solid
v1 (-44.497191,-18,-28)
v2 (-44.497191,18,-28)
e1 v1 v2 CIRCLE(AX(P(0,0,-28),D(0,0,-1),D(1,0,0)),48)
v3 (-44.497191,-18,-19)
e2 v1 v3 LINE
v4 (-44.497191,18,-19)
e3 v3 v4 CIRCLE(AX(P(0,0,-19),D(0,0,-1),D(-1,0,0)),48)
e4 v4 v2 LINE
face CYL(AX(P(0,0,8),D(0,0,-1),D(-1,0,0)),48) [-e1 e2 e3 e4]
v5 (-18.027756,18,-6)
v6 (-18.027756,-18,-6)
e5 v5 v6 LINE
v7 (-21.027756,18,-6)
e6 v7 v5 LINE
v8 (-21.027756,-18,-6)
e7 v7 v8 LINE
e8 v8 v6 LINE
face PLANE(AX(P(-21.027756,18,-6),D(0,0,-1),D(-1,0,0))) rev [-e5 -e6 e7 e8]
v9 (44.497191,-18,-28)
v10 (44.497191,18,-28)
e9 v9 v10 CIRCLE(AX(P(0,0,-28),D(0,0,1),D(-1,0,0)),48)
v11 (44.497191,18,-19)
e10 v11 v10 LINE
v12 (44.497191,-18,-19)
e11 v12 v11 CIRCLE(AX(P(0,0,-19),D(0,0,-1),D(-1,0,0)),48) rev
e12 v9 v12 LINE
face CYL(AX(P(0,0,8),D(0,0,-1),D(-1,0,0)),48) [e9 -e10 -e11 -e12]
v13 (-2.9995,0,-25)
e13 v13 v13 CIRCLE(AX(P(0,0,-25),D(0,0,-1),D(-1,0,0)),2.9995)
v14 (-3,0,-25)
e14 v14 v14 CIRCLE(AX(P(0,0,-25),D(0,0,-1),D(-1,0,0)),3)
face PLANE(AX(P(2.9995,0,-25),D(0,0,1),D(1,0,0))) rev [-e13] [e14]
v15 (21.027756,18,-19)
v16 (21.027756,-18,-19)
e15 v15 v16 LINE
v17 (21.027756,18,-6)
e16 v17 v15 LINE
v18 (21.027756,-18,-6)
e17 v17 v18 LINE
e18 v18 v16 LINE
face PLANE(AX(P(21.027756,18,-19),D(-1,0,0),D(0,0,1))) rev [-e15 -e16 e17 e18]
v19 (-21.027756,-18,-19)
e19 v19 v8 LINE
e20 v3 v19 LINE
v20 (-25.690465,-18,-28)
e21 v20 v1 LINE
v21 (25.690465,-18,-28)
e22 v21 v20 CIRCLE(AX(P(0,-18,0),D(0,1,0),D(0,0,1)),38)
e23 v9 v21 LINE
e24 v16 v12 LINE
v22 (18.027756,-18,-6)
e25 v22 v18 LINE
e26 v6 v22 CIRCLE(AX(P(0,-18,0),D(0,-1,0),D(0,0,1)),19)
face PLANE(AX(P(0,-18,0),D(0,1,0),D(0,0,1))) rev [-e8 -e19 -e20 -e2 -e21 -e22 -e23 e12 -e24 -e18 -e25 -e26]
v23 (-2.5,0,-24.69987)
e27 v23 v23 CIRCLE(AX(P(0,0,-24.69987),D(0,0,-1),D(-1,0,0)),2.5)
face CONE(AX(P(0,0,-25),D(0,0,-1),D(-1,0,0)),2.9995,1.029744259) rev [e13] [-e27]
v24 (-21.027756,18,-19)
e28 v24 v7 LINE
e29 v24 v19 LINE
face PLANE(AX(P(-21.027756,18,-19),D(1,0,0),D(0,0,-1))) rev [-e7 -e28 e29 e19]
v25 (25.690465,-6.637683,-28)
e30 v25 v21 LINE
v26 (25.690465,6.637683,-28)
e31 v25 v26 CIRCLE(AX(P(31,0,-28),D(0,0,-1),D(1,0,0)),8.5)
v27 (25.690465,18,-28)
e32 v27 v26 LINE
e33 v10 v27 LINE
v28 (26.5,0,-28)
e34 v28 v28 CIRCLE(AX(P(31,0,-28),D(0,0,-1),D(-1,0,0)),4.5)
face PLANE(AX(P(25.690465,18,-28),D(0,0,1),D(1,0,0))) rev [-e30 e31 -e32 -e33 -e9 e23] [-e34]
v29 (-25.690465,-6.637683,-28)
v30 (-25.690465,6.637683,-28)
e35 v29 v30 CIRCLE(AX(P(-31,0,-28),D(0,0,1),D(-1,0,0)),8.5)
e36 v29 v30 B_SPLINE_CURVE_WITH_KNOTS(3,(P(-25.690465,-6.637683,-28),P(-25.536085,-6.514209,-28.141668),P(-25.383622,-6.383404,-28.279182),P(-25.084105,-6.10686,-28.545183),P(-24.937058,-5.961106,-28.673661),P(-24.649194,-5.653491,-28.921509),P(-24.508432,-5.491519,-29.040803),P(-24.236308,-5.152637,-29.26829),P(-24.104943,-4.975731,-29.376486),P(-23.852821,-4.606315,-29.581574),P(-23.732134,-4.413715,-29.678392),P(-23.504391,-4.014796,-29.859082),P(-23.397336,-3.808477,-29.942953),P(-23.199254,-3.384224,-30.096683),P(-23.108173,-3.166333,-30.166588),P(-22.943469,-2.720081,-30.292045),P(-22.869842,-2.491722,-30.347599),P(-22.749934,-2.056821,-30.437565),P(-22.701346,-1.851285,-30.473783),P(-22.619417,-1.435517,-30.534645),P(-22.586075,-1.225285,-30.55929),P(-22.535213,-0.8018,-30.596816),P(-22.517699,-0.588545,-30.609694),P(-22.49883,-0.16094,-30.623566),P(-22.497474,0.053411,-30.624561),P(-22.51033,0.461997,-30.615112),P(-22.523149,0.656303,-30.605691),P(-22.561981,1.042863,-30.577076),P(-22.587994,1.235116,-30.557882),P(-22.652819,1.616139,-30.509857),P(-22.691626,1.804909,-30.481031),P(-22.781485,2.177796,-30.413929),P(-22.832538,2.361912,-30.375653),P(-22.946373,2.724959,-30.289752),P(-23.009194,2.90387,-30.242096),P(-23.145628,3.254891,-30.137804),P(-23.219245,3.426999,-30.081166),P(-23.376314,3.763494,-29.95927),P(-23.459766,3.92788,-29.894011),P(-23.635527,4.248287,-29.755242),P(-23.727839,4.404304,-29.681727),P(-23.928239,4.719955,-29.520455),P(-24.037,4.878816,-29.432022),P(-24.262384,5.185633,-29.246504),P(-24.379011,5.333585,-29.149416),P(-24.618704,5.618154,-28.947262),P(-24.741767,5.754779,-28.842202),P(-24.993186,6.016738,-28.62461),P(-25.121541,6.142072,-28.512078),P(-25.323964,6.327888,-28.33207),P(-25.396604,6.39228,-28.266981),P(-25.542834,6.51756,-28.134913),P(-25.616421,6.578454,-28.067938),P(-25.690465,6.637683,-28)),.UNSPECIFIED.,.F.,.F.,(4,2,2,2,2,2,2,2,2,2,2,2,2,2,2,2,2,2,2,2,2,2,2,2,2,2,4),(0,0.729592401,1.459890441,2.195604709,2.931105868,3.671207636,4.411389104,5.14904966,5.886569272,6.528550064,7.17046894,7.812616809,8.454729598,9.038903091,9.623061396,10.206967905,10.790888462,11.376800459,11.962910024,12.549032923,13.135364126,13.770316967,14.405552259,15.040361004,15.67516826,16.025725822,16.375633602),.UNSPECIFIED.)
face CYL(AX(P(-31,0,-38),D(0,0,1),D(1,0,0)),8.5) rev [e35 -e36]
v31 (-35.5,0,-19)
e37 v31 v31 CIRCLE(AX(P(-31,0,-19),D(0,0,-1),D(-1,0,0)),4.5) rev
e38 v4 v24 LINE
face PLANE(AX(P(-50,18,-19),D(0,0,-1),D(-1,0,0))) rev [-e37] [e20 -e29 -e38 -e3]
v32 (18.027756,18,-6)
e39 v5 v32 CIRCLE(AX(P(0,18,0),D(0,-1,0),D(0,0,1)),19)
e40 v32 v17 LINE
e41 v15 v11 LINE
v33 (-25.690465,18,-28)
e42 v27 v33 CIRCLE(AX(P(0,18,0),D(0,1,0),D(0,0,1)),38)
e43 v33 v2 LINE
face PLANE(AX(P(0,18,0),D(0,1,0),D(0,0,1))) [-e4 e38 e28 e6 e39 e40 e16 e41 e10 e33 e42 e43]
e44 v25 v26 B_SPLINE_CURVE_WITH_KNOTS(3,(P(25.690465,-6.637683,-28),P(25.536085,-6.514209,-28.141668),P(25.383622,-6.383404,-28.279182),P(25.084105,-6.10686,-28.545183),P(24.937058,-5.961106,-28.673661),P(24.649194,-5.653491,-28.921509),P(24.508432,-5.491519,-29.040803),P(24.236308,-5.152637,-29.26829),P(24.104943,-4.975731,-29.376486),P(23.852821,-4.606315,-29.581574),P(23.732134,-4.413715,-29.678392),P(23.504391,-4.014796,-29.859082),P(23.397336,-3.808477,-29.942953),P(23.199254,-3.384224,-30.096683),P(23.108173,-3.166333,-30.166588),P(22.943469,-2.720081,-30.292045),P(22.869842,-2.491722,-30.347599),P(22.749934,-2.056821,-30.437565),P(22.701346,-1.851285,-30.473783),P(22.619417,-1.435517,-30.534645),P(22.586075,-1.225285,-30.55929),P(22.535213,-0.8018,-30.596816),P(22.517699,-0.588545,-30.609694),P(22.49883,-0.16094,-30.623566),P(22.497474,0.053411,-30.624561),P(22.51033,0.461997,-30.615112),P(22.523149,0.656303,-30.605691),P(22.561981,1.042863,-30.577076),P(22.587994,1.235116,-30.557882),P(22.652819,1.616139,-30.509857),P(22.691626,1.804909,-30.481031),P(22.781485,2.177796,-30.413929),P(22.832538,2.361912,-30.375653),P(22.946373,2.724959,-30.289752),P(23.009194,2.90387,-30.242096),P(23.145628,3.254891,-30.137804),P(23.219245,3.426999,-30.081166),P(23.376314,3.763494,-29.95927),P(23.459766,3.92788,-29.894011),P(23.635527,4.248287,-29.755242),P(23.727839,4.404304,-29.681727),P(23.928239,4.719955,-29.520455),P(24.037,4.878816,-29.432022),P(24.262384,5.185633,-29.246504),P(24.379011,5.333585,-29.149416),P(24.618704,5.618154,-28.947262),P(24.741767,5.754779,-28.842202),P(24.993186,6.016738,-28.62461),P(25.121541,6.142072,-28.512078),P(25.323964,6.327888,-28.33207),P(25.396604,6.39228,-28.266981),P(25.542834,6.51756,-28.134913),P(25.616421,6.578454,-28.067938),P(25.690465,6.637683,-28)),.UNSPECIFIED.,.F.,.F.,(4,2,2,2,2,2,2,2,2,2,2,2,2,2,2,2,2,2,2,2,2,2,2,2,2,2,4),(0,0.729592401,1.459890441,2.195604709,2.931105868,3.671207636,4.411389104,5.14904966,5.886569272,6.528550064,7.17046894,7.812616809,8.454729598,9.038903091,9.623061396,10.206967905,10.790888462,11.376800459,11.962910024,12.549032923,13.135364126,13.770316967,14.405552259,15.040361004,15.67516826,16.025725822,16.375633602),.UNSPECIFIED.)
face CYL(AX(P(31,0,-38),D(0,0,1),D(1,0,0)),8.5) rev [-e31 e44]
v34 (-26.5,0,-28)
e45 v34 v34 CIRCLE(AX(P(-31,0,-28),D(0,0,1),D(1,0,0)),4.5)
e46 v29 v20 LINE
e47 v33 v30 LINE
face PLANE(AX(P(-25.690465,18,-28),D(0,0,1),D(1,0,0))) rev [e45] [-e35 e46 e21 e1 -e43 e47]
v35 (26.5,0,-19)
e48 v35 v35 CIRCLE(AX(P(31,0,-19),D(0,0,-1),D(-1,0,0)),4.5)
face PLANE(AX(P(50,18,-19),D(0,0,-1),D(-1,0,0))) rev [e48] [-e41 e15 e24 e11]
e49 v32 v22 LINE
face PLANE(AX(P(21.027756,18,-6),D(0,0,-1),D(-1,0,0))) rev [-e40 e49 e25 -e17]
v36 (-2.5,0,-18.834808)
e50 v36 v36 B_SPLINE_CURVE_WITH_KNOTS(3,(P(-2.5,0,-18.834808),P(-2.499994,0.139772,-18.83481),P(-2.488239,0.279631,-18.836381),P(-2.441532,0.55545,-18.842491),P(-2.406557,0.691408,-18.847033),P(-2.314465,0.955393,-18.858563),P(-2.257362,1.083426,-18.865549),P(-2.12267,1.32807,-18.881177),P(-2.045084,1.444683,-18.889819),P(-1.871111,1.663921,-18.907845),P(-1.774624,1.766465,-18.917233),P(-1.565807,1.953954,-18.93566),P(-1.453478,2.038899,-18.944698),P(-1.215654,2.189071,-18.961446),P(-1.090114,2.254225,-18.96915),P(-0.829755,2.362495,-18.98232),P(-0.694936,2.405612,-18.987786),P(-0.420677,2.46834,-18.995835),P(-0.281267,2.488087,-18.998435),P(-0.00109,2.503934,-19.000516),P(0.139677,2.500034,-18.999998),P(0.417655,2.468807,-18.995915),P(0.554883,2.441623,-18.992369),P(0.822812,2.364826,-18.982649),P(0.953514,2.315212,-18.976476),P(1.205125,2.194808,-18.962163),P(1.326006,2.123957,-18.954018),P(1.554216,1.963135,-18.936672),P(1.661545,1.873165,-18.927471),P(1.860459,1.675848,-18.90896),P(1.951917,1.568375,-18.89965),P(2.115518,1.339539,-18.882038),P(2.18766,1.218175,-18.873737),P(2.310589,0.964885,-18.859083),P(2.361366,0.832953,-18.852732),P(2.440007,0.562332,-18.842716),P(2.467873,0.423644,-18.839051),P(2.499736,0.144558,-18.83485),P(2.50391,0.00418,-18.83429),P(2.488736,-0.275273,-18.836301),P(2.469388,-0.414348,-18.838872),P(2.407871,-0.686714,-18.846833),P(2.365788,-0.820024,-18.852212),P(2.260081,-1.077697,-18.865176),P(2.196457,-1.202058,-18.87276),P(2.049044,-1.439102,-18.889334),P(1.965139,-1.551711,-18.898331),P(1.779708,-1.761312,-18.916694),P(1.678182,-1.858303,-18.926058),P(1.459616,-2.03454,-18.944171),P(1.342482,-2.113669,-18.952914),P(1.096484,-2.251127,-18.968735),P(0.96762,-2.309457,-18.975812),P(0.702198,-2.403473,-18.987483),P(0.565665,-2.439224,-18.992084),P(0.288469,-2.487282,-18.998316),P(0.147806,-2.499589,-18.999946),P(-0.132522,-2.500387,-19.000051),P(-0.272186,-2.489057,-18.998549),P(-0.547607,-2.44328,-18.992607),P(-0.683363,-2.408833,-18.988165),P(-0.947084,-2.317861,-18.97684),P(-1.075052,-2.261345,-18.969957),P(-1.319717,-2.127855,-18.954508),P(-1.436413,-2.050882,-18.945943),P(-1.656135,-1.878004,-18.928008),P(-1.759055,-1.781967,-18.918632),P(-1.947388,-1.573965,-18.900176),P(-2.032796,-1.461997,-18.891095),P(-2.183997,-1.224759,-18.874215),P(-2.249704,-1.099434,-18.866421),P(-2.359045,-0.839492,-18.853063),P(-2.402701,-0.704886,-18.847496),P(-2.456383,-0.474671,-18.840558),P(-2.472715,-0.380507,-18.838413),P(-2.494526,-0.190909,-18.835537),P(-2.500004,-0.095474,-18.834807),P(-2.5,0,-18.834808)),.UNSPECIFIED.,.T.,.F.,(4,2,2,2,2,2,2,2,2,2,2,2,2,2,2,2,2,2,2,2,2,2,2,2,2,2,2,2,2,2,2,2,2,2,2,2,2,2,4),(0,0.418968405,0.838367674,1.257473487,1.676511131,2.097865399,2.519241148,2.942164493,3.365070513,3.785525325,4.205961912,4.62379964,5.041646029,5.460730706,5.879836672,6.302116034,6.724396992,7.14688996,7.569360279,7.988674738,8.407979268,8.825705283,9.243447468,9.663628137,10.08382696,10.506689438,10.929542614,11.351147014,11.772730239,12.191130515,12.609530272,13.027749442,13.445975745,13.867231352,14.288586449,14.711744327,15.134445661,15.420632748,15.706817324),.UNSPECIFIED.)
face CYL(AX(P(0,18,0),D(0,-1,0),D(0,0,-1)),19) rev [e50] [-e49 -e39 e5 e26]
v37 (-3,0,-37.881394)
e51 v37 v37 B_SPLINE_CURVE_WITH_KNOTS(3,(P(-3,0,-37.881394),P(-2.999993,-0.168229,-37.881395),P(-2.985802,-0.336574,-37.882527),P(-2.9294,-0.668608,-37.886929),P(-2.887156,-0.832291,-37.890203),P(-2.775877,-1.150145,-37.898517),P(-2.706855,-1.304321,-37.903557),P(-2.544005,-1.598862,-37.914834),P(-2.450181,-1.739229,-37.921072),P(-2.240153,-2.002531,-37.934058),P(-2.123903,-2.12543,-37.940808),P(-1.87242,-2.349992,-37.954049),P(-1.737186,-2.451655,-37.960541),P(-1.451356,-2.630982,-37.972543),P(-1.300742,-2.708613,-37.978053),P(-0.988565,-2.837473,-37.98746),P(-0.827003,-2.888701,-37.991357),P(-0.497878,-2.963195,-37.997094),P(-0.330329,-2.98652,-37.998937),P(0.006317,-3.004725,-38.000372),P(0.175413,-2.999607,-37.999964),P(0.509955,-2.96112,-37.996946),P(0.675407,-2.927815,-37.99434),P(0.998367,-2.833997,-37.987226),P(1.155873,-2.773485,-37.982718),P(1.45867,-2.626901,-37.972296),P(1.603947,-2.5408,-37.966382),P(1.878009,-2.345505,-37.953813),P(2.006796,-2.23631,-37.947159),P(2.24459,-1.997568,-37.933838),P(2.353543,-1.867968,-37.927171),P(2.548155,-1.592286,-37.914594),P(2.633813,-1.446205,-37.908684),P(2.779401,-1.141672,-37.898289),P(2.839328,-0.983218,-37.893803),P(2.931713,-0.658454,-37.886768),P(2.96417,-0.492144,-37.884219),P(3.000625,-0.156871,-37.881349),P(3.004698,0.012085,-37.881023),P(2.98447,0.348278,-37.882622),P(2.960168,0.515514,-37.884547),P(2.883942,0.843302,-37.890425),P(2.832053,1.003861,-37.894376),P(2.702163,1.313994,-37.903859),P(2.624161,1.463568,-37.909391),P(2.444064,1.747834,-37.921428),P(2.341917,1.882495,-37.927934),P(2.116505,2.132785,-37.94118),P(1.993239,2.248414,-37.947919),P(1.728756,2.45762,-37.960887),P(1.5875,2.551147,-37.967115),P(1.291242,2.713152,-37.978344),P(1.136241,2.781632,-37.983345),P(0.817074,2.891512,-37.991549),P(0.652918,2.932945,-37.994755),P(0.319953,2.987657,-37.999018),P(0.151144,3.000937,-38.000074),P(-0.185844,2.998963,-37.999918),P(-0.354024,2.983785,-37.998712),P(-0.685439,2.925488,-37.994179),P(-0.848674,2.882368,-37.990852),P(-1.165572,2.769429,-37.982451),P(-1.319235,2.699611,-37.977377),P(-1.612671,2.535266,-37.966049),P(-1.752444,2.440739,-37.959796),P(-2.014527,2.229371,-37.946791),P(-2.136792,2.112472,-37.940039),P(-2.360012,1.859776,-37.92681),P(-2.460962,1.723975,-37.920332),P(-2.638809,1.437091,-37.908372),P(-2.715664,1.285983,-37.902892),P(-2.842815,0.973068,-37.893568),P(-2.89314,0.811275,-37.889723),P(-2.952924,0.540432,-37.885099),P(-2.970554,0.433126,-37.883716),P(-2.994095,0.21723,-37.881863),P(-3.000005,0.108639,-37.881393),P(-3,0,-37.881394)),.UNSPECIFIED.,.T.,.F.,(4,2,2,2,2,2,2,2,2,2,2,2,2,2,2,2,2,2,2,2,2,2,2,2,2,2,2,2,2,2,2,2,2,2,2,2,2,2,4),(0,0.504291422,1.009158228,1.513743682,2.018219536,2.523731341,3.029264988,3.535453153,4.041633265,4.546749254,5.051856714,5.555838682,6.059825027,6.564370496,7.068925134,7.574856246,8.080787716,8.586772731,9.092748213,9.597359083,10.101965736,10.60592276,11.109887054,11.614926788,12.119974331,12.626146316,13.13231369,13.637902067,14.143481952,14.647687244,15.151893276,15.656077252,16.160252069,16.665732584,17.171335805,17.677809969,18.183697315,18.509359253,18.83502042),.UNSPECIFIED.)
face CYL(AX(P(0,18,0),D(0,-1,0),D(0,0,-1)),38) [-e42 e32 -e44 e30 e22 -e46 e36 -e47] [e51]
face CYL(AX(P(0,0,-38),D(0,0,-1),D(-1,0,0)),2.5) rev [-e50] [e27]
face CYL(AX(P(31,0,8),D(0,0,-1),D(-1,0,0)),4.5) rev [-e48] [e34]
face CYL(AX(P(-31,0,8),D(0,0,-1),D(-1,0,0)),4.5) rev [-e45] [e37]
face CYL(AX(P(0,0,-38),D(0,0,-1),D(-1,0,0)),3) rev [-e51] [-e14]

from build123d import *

# Parameters (mm, degrees)
BOSS_EXTRUDE1_DEPTH = 18
CUT_EXTRUDE1_DEPTH  = 36
SKETCH7_R           = 4.5
CUT_EXTRUDE3_DEPTH  = 36
CUT_EXTRUDE4_DEPTH  = 11


with BuildPart() as part:
    # Sketch2 → Boss-Extrude1 (new body, symmetric)
    with BuildSketch(Plane(origin=(0, 0, 0), x_dir=(1, 0, 0), z_dir=(0, 1, 0))):
        with BuildLine():
            Line((-25.690465157, 28), (-50, 28))
            Line((-50, 28), (-50, 19))
            Line((-50, 19), (-21.027756377, 19))
            Line((-21.027756377, 19), (-21.027756377, 6))
            Line((-21.027756377, 6), (-18.027756377, 6))
            ThreePointArc((-18.027756377, 6), (0, 19), (18.027756377, 6))
            Line((18.027756377, 6), (21.027756377, 6))
            Line((21.027756377, 6), (21.027756377, 19))
            Line((21.027756377, 19), (50, 19))
            Line((50, 19), (50, 28))
            Line((50, 28), (25.690465157, 28))
            ThreePointArc((25.690465157, 28), (0, 38), (-25.690465157, 28))
        make_face()
    extrude(amount=BOSS_EXTRUDE1_DEPTH, both=True)

    # Sketch4 → Cut-Extrude1 (cut)
    with BuildSketch(Plane(origin=(0, 0, -28), x_dir=(-1, 0, 0), z_dir=(0, 0, -1))):
        with BuildLine():
            Line((-50, -18), (-44.497190923, -18))
            ThreePointArc((-44.497190923, -18), (-48, 0), (-44.497190923, 18))
            Line((-44.497190923, 18), (-50, 18))
            Line((-50, 18), (-50, -18))
        make_face()
    cut_extrude1 = extrude(amount=-CUT_EXTRUDE1_DEPTH, mode=Mode.SUBTRACT)

    # Mirror1: Cut-Extrude1 across plane
    add(cut_extrude1.mirror(Plane(origin=(0, 0, 0), x_dir=(0, 0, 1), z_dir=(1, 0, 0))), mode=Mode.SUBTRACT)

    # Sketch7 → Cut-Extrude3 (cut)
    with BuildSketch(Plane(origin=(0, 0, -28), x_dir=(-1, 0, 0), z_dir=(0, 0, -1))):
        with Locations((-31, 0)):
            Circle(SKETCH7_R)
    cut_extrude3 = extrude(amount=-CUT_EXTRUDE3_DEPTH, mode=Mode.SUBTRACT)

    # Sketch8 → Cut-Extrude4 (cut, through all)
    with BuildSketch(Plane(origin=(0, 0, -28), x_dir=(-1, 0, 0), z_dir=(0, 0, -1))):
        with BuildLine():
            Line((-25.690465157, 6.637683312), (-25.690465157, -6.637683312))
            ThreePointArc((-25.690465157, -6.637683312), (-22.5, 0), (-25.690465157, 6.637683312))
        make_face()
    cut_extrude4 = extrude(amount=CUT_EXTRUDE4_DEPTH, mode=Mode.SUBTRACT)

    # Mirror3: Cut-Extrude3, Cut-Extrude4 across plane
    add(cut_extrude3.mirror(Plane(origin=(0, 0, 0), x_dir=(0, 0, 1), z_dir=(1, 0, 0))), mode=Mode.SUBTRACT)
    add(cut_extrude4.mirror(Plane(origin=(0, 0, 0), x_dir=(0, 0, 1), z_dir=(1, 0, 0))), mode=Mode.SUBTRACT)

    # Sketch11 → CBORE for M5 Hex Head Bolt1 (revolve, cut)
    with BuildSketch(Plane(origin=(0, 0, -38), x_dir=(0, 1, 0), z_dir=(1, 0, 0))):
        Polygon((0, 0), (0, 32), (2.5, 32), (2.5, 13.300129879), (2.9995, 13), (3, 0), align=None)
    revolve(axis=Axis((0, 0, -44.35), (0, 0, 1)), mode=Mode.SUBTRACT)


solid = part.part
